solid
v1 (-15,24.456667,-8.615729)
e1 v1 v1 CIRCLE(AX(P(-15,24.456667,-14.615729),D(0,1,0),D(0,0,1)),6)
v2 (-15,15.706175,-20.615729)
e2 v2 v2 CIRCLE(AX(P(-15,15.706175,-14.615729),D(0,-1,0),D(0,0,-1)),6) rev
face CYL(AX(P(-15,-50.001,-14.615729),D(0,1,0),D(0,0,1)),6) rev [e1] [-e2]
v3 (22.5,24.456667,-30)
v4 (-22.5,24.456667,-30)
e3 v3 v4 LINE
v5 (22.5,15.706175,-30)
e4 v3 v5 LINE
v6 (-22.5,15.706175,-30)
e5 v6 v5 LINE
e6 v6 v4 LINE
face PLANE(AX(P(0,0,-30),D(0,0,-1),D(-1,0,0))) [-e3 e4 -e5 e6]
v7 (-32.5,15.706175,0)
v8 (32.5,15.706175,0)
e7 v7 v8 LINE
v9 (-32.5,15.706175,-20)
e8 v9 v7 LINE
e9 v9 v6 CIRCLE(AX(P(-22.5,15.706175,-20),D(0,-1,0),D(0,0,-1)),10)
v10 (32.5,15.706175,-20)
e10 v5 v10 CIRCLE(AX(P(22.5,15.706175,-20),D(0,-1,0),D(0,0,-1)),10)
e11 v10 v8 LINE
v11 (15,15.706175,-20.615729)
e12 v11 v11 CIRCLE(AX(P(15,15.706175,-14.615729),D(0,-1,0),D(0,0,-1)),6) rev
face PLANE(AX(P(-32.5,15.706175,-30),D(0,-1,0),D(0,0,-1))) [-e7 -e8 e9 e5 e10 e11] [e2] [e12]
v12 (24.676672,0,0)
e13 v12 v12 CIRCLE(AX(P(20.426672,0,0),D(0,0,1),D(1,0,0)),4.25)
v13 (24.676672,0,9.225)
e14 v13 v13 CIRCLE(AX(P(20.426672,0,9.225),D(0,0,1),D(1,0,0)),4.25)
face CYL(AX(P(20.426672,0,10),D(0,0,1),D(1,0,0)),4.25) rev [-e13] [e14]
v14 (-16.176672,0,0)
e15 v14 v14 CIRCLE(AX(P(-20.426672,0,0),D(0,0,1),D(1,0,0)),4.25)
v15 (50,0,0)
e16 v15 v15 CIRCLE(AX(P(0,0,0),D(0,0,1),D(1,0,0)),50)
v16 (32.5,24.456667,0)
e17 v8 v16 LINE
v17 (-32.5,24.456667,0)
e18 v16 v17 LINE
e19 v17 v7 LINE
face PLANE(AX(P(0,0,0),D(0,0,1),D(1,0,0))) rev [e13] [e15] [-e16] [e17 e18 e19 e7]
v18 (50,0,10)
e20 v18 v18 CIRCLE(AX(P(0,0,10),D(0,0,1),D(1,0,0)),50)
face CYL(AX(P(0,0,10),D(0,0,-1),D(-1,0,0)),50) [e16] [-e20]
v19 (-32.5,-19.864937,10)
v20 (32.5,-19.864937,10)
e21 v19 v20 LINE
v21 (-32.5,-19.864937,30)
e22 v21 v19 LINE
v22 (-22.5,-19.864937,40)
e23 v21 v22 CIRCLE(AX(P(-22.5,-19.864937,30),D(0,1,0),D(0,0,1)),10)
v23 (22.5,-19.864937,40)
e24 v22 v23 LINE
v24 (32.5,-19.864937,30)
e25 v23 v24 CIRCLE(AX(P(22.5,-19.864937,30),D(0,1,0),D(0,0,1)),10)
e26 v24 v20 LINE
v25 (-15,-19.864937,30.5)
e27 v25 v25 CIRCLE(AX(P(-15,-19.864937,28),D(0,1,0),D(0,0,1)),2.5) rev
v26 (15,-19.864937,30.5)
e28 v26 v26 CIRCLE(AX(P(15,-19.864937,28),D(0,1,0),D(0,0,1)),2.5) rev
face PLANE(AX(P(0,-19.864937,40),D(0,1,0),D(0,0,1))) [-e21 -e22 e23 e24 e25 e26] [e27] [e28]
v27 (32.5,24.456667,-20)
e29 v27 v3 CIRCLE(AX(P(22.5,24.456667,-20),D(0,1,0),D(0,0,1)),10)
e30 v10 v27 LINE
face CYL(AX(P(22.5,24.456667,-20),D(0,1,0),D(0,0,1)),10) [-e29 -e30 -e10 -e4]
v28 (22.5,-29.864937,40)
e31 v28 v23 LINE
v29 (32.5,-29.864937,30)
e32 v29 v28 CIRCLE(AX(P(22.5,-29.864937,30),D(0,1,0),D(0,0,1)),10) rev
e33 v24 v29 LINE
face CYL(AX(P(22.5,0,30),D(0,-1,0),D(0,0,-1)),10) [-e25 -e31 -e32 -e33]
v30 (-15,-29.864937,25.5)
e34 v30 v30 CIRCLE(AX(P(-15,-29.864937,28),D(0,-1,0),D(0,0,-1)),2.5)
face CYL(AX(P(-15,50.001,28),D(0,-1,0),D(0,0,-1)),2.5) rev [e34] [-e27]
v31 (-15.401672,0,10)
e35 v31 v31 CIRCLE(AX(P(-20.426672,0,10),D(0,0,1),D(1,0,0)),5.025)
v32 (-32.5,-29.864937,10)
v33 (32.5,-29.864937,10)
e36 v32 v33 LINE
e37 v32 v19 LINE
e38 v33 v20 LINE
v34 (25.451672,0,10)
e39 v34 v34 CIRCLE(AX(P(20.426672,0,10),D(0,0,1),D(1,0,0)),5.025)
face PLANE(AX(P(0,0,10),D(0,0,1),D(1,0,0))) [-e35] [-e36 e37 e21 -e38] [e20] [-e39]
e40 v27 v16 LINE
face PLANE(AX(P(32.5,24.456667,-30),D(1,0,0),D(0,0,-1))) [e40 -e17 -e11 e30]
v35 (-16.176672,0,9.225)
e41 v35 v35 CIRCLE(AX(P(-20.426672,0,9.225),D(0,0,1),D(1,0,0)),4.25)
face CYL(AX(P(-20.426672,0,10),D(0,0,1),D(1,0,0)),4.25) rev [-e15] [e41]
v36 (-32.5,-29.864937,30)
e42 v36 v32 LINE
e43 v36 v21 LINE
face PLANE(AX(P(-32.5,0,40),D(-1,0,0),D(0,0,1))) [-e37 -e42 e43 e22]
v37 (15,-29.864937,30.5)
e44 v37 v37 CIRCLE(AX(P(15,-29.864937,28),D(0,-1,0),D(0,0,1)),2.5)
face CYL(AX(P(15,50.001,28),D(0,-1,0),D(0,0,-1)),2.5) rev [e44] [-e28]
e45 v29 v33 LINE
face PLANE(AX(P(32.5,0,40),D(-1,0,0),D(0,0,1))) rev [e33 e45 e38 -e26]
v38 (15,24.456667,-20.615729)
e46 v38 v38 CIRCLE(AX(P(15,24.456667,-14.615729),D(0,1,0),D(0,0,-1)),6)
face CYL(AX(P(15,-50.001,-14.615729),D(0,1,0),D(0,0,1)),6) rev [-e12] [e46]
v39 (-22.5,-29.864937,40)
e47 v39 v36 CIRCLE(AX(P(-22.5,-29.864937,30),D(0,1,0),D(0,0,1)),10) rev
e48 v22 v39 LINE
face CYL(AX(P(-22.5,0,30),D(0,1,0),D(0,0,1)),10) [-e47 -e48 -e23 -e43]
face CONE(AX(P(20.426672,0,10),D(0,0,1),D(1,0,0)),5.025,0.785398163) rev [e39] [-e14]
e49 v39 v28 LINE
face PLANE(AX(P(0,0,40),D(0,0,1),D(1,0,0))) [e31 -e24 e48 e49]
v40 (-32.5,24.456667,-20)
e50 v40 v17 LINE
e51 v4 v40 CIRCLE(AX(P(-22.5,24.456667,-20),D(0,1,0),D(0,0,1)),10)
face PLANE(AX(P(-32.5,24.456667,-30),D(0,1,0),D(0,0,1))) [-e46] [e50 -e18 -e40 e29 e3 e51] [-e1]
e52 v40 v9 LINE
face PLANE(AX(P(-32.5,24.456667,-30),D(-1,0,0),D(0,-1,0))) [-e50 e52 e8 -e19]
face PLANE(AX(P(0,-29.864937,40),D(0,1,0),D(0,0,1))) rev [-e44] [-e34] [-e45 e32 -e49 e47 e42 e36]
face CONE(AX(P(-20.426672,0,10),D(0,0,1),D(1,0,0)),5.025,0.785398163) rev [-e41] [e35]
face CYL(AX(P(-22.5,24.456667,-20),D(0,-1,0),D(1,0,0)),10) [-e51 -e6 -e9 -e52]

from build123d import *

# Parameters (mm, degrees)
SKETCH_1_R                    = 50
EXTRUDE_1_DEPTH               = 10
HOLE_WIZARD_M10_1_D           = 8.5
HOLE_WIZARD_M10_1_CSINK_D     = 10.05
HOLE_WIZARD_M10_1_CSINK_ANGLE = 90
SKETCH_16_W                   = 65
SKETCH_16_H                   = 10
EXTRUDE_2_DEPTH               = 30
SKETCH_18_W                   = 65
SKETCH_18_H                   = 8.750492466
EXTRUDE_3_DEPTH               = 40
FILLET_2_R                    = 10
FILLET_3_R                    = 10
CUT_EXTRUDE_1_REACH           = 104.364
SKETCH_20_R                   = 2.5
CUT_EXTRUDE_2_REACH           = 100.203
SKETCH_22_R                   = 6


with BuildPart() as part:
    # 草图1 → 凸台-拉伸1 (new body)
    with BuildSketch(Plane.XY):
        Circle(SKETCH_1_R)
    extrude(amount=EXTRUDE_1_DEPTH)

    # M10 螺纹孔1 (through all)
    with Locations(Plane.XY.offset(10)):
        with Locations((-20.426671729, 0)):
            hole_wizard_m10_1 = CounterSinkHole(HOLE_WIZARD_M10_1_D / 2, HOLE_WIZARD_M10_1_CSINK_D / 2, counter_sink_angle=HOLE_WIZARD_M10_1_CSINK_ANGLE)

    # 镜向2: M10 螺纹孔1 across plane
    add(hole_wizard_m10_1.mirror(Plane(origin=(0, 0, 0), x_dir=(0, 0, 1), z_dir=(1, 0, 0))), mode=Mode.SUBTRACT)

    # 草图16 → 凸台-拉伸2 (add)
    with BuildSketch(Plane.XY.offset(10)):
        with Locations((0, -24.864937428)):
            Rectangle(SKETCH_16_W, SKETCH_16_H)
    extrude(amount=EXTRUDE_2_DEPTH)

    # 草图18 → 凸台-拉伸3 (add)
    with BuildSketch(Plane.XY.offset(10)):
        with Locations((0, 20.081420938)):
            Rectangle(SKETCH_18_W, SKETCH_18_H)
    extrude(amount=-EXTRUDE_3_DEPTH)

    # 圆角2
    fillet_2_edges = [part.edges().sort_by_distance(p)[0] for p in [
        (-32.5, -24.864937428, 40),
        (32.5, -24.864937428, 40),
    ]]
    fillet(fillet_2_edges, radius=FILLET_2_R)

    # 圆角3
    fillet_3_edges = [part.edges().sort_by_distance(p)[0] for p in [
        (32.5, 20.081420938, -30),
        (-32.5, 20.081420938, -30),
    ]]
    fillet(fillet_3_edges, radius=FILLET_3_R)

    # 草图20 → 切除-拉伸1 (cut, up to next)
    with BuildSketch(Plane.XZ.offset(29.864937428), mode=Mode.PRIVATE) as cut_extrude_1_sk1:
        with Locations(Location((-15, 28, 0), (0, 0, 270))):
            Circle(SKETCH_20_R)
    cut_extrude_1_tool1 = extrude(cut_extrude_1_sk1.sketch, amount=-CUT_EXTRUDE_1_REACH, mode=Mode.PRIVATE) & part.part
    # 草图20 → 切除-拉伸1 (cut, up to next)
    with BuildSketch(Plane.XZ.offset(29.864937428), mode=Mode.PRIVATE) as cut_extrude_1_sk2:
        with Locations(Location((15, 28, 0), (0, 0, 90))):
            Circle(SKETCH_20_R)
    cut_extrude_1_tool2 = extrude(cut_extrude_1_sk2.sketch, amount=-CUT_EXTRUDE_1_REACH, mode=Mode.PRIVATE) & part.part
    add(cut_extrude_1_tool1.solids().sort_by_distance((-15, -29.864937, 28))[0], mode=Mode.SUBTRACT)
    add(cut_extrude_1_tool2.solids().sort_by_distance((15, -29.864937, 28))[0], mode=Mode.SUBTRACT)

    # 草图22 → 切除-拉伸2 (cut, up to next)
    with BuildSketch(Plane(origin=(0, 24.456667171, 0), x_dir=(1, 0, 0), z_dir=(0, 1, 0)), mode=Mode.PRIVATE) as cut_extrude_2_sk1:
        with Locations(Location((-15, 14.615729017, 0), (0, 0, 270))):
            Circle(SKETCH_22_R)
    cut_extrude_2_tool1 = extrude(cut_extrude_2_sk1.sketch, amount=-CUT_EXTRUDE_2_REACH, mode=Mode.PRIVATE) & part.part
    # 草图22 → 切除-拉伸2 (cut, up to next)
    with BuildSketch(Plane(origin=(0, 24.456667171, 0), x_dir=(1, 0, 0), z_dir=(0, 1, 0)), mode=Mode.PRIVATE) as cut_extrude_2_sk2:
        with Locations(Location((15, 14.615729017, 0), (0, 0, 90))):
            Circle(SKETCH_22_R)
    cut_extrude_2_tool2 = extrude(cut_extrude_2_sk2.sketch, amount=-CUT_EXTRUDE_2_REACH, mode=Mode.PRIVATE) & part.part
    add(cut_extrude_2_tool1.solids().sort_by_distance((-15, 24.456667, -14.615729))[0], mode=Mode.SUBTRACT)
    add(cut_extrude_2_tool2.solids().sort_by_distance((15, 24.456667, -14.615729))[0], mode=Mode.SUBTRACT)


solid = part.part
